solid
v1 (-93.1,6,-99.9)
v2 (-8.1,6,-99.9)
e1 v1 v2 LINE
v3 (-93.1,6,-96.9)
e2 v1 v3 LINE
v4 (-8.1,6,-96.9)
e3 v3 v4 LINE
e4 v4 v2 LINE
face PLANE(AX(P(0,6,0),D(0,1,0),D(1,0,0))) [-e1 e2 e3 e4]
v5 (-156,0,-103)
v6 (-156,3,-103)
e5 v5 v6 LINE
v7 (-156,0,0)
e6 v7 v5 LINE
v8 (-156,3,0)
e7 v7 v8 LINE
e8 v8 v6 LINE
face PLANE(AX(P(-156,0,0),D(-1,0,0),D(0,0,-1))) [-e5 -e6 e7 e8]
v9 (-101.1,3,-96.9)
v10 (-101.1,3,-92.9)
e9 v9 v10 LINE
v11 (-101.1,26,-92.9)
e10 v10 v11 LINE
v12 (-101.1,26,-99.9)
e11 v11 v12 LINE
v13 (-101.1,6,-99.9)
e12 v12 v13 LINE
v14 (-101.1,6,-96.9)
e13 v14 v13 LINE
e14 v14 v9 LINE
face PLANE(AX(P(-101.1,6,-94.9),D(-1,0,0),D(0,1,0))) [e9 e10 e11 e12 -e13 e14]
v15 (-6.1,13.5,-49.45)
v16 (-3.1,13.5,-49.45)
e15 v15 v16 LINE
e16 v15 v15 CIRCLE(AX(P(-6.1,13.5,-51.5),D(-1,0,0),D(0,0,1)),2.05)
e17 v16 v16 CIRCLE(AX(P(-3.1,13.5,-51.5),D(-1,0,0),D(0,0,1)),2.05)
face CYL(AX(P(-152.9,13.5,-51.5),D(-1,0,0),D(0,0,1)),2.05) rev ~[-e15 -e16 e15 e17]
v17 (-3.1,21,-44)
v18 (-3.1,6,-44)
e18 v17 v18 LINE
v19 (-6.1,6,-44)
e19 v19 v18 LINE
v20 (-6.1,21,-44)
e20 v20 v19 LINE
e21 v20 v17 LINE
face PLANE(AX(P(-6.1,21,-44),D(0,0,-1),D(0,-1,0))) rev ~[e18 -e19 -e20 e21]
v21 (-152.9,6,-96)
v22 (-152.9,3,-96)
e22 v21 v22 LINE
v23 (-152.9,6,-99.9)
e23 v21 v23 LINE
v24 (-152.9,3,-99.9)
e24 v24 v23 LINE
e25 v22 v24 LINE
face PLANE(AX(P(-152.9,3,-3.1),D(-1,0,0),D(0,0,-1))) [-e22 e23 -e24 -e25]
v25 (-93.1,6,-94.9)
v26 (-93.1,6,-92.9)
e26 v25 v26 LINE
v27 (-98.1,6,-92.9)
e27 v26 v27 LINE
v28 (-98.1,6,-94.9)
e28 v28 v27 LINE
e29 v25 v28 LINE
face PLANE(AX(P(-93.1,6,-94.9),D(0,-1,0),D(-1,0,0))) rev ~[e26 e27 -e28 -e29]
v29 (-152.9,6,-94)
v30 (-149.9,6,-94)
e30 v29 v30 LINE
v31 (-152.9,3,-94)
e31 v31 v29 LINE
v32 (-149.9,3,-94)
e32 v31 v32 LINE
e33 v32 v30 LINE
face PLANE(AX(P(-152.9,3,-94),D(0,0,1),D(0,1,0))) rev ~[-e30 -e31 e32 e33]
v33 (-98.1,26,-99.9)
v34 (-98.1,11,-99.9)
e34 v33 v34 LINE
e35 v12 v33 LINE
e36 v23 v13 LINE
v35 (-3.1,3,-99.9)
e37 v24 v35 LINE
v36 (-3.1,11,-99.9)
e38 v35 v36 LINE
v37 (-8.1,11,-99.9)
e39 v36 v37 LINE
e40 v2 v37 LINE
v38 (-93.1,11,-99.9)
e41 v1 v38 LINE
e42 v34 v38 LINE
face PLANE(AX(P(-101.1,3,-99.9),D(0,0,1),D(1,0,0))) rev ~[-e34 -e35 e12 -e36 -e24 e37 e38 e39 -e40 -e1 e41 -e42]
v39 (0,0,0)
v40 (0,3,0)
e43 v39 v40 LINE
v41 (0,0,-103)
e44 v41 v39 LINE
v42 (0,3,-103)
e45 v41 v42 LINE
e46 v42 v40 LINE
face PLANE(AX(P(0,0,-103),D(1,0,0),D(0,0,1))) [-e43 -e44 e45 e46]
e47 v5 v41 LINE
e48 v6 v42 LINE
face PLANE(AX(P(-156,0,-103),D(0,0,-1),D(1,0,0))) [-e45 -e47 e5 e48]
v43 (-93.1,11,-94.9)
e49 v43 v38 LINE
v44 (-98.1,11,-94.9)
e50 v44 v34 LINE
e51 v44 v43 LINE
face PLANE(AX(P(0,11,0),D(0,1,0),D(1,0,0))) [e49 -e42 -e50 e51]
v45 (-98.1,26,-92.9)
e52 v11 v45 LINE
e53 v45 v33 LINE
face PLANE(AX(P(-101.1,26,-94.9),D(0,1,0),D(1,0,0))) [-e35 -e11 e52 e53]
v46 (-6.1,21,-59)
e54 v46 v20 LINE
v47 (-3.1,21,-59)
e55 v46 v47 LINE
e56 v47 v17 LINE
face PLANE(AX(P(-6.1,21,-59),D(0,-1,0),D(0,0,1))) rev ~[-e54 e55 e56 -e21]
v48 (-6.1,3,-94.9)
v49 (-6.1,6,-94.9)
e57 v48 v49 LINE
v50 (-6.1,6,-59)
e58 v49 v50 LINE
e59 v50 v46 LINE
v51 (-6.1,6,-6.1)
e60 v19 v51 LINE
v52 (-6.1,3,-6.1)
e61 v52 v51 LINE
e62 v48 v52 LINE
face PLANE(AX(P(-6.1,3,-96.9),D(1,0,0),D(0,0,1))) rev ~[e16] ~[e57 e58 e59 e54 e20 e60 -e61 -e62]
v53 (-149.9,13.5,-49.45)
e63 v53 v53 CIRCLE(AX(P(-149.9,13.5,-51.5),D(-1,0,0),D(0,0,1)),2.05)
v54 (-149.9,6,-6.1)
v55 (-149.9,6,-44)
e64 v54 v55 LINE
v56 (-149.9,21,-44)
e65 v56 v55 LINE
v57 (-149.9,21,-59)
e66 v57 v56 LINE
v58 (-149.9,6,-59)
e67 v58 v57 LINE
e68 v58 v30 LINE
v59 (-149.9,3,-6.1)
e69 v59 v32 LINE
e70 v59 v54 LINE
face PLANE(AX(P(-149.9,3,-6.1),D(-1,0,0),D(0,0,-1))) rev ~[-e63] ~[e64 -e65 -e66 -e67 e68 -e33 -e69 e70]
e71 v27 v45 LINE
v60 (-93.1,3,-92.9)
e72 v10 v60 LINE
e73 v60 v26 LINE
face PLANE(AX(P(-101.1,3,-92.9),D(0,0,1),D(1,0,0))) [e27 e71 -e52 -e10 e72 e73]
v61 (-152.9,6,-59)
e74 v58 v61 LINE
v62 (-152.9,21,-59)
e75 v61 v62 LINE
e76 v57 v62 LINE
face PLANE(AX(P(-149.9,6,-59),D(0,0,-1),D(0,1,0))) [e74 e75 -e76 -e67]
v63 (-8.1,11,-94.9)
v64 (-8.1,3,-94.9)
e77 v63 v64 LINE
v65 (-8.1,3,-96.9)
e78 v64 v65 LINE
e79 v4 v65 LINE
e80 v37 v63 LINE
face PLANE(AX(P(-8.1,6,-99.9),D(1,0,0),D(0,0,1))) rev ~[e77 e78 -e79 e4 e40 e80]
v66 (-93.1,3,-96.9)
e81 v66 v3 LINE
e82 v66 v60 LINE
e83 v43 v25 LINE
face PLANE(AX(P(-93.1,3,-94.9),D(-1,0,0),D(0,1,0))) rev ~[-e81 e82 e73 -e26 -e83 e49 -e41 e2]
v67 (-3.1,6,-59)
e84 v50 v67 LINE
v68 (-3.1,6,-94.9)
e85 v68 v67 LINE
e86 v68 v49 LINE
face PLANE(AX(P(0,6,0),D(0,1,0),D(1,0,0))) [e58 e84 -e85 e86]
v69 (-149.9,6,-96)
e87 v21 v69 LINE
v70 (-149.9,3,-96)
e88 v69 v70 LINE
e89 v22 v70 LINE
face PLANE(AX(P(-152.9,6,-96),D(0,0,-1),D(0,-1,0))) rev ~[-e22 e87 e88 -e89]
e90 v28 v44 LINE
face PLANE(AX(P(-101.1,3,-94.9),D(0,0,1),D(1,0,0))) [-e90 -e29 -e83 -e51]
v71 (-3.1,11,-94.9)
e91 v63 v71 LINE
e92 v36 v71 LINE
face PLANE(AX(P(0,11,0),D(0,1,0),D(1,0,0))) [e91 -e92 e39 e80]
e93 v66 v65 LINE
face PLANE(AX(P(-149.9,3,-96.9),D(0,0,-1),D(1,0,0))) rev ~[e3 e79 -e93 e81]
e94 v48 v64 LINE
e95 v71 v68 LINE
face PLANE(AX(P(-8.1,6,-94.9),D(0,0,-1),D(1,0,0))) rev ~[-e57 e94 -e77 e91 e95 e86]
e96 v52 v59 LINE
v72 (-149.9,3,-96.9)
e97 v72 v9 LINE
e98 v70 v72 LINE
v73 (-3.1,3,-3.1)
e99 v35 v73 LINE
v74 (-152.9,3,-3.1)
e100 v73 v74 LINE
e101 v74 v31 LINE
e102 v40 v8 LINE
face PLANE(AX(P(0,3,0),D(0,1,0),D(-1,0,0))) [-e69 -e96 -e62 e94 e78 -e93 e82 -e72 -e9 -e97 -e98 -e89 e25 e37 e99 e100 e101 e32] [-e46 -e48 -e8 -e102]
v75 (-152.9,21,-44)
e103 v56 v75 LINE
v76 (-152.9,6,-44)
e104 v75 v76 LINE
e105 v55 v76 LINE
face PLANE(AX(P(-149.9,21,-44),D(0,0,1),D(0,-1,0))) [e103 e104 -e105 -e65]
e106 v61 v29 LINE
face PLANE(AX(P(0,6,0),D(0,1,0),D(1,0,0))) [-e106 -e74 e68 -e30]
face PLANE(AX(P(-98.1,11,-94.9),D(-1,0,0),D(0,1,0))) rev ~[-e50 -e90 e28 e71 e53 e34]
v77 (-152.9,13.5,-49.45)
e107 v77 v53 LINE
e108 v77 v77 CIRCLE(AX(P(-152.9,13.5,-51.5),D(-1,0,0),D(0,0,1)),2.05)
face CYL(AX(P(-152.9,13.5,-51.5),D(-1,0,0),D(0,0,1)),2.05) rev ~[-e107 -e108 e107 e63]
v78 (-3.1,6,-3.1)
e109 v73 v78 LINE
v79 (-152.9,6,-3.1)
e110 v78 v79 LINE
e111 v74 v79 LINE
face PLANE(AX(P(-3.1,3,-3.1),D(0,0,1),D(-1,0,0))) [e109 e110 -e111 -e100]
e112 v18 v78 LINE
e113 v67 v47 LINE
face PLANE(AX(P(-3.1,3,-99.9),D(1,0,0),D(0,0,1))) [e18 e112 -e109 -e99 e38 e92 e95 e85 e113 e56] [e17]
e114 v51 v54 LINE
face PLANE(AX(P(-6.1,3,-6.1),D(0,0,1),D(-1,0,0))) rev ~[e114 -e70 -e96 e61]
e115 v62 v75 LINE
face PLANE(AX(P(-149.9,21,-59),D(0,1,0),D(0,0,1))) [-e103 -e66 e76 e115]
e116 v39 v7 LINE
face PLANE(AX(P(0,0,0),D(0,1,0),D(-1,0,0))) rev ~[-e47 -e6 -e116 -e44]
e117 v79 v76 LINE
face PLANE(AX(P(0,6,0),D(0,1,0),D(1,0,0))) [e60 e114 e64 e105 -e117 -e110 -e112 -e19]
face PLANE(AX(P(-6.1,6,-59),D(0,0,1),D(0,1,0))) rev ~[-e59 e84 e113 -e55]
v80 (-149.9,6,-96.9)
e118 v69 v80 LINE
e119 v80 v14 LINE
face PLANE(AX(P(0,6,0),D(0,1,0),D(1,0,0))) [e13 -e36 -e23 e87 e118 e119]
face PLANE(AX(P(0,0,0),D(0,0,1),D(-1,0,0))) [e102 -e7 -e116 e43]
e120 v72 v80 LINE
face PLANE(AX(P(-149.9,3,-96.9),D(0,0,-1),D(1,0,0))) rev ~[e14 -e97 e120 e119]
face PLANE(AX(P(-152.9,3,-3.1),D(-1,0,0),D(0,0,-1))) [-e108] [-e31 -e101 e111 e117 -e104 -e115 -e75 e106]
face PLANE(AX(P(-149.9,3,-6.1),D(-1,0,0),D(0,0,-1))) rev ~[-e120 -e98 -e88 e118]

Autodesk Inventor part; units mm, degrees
ref_plane "YZ Plane" through (0, 0, 0) normal (1, 0, 0) x (0, 1, 0)
sketch "Esboço6" plane through (0, 0, 0) normal (0, 1, 0) x (-1, 0, 0)
  line L0 (0, 0) -> (156, 0)
  line L1 (156, 0) -> (156, -103)
  line L2 (156, -103) -> (0, -103)
  line L3 (0, -103) -> (0, 0)
  dimension "d22" = 156
  dimension "d23" = 103
extrude "Extrusão4" add sketch "Esboço6" along normal blind 3
sketch "Esboço7" plane through (0, 3, 0) normal (0, 1, 0) x (1, 0, 0)
  line L0 (-152.9, 99.9) -> (-3.1, 99.9)
  line L1 (-3.1, 99.9) -> (-3.1, 3.1)
  line L2 (-3.1, 3.1) -> (-152.9, 3.1)
  line L3 (-152.9, 3.1) -> (-152.9, 99.9)
  line L4 (0, 0) -> (0, 103) projected
  line L5 (0, 103) -> (-156, 103) projected
  line L6 (-156, 103) -> (-156, 0) projected
  line L7 (-156, 0) -> (0, 0) projected
  line L8 (-149.9, 96.9) -> (-6.1, 96.9)
  line L9 (-6.1, 96.9) -> (-6.1, 6.1)
  line L10 (-6.1, 6.1) -> (-149.9, 6.1)
  line L11 (-149.9, 6.1) -> (-149.9, 96.9)
  dimension "d26" = 3.1
  dimension "d27" = 3.1
  dimension "d28" = 3.1
  dimension "d29" = 3.1
  dimension "d30" = 3
  dimension "d31" = 3
  dimension "d32" = 3
  dimension "d33" = 3
extrude "Extrusão5" add sketch "Esboço7" along normal blind 3 contours L0 L1 L2 L3
sketch "Esboço10" plane through (0, 6, 0) normal (0, 1, 0) x (1, 0, 0)
  line L0 (-3.1, 99.9) -> (-3.1, 3.1) projected
  line L1 (-3.1, 99.9) -> (-8.1, 99.9)
  line L2 (-8.1, 99.9) -> (-8.1, 94.9)
  line L3 (-8.1, 94.9) -> (-3.1, 94.9)
  line L4 (-3.1, 94.9) -> (-3.1, 99.9)
  line L5 (-152.9, 99.9) -> (-3.1, 99.9) projected
  line L6 (-93.1, 99.9) -> (-101.1, 99.9)
  line L7 (-101.1, 99.9) -> (-101.1, 94.9)
  line L8 (-101.1, 94.9) -> (-93.1, 94.9)
  line L9 (-93.1, 94.9) -> (-93.1, 99.9)
  point P0 (0, 0)
  dimension "d36" = 5
  dimension "d37" = 5
  dimension "d38" = 85
  dimension "d39" = 8
  dimension "d40" = 5
extrude "Extrusão6" add sketch "Esboço10" along normal blind 5 and the other way blind 6
sketch "Esboço13" plane through (-101.1, 3, -94.9) normal (0, 0, 1) x (1, 0, 0)
  line L0 (93, 3) -> (8, 3) projected
  line L1 (8, 3) -> (0, 3)
  line L2 (0, 3) -> (0, 23)
  line L3 (0, 23) -> (3, 23)
  line L4 (3, 23) -> (3, 8)
  line L5 (8, 8) -> (0, 8) projected
  line L6 (3, 8) -> (8, 8)
  line L7 (8, 8) -> (8, 3)
  point P0 (101.1, -3)
  dimension "d45" = 8
  dimension "d46" = 20
  dimension "d47" = 3
extrude "Extrusão7" add sketch "Esboço13" against normal blind 5 contours L2 L3 L4 L5
sketch "Esboço14" plane through (-101.1, 3, -94.9) normal (0, 0, 1) x (1, 0, 0)
  line L0 (0, 3) -> (0, 23) projected
  line L1 (0, 23) -> (3, 23) projected
  line L2 (0, 23) -> (3, 23)
  line L3 (-54.9, -3) -> (101.1, -3) projected
  line L4 (0, 0) -> (0, 23)
  line L5 (0, 0) -> (8, 0)
  line L6 (-51.8, 0) -> (98, 0) projected
  line L7 (8, 0) -> (8, 3)
  line L8 (93, 3) -> (8, 3) projected
  line L9 (8, 3) -> (3, 3)
  line L10 (3, 3) -> (3, 23)
  line L11 (3, 23) -> (3, 8) projected
  line L12 (8, 8) -> (3, 8) projected
  dimension "d53" = 8
  dimension "d54" = 5
  dimension "d55" = 5
extrude "Extrusão8" add sketch "Esboço14" along normal blind 2
ref_plane "Plano de trabalho1" through (-6.1, 6, -50.5) normal (-1, 0, 0) x (0, 0, 1)
ref_plane "Plano de trabalho2" through (-149.9, 6, -51.5) normal (1, 0, 0) x (0, 0, -1)
sketch "Esboço18" plane through (-6.1, 6, -50.5) normal (-1, 0, 0) x (0, 0, 1)
  line L0 (6.5, 0) -> (-8.5, 0)
  line L1 (-8.5, 0) -> (-8.5, 15)
  line L2 (-8.5, 15) -> (6.5, 15)
  line L3 (6.5, 15) -> (6.5, 0)
  line L4 (-49.4, 0) -> (47.4, 0) projected
  line L5 (47.4, -3) -> (47.4, 0) projected
  dimension "d67" = 15
  dimension "d68" = 15
  dimension "d71" = 40.9
extrude "Extrusão9" add sketch "Esboço18" against normal blind 3
sketch "Esboço19" plane through (-149.9, 6, -51.5) normal (1, 0, 0) x (0, 0, -1)
  line L0 (-7.5, 0) -> (7.5, 0)
  line L1 (7.5, 0) -> (7.5, 15)
  line L2 (7.5, 15) -> (-7.5, 15)
  line L3 (-7.5, 15) -> (-7.5, 0)
  line L4 (48.4, -3) -> (48.4, 0) projected
  line L5 (48.4, 0) -> (-48.4, 0) projected
  point P0 (-51.5, -6)
  dimension "d72" = 15
  dimension "d73" = 15
  dimension "d74" = 40.9
extrude "Extrusão10" add sketch "Esboço19" against normal blind 3
sketch "Esboço21" plane through (-152.9, 3, -99.9) normal (-1, 0, 0) x (0, 0, 1)
  circle A0 centre (48.4, 10.5) radius 2.05
  line L0 (55.9, 3) -> (55.9, 18) projected
  line L1 (55.9, 18) -> (40.9, 18) projected
  dimension "d87" = 7.5
  dimension "d88" = 7.5
  dimension "d89" = 4.1
extrude "Extrusão13" cut sketch "Esboço21" against normal through all
sketch "Esboço22" plane through (-152.9, 3, -99.9) normal (-1, 0, 0) x (0, 0, 1)
  line L0 (5, 3) -> (40.9, 3) projected
  line L1 (99.9, 0) -> (-3.1, 0) projected
  line L2 (5.9, 3) -> (3.9, 3)
  line L3 (3.9, 3) -> (3.9, 0)
  line L4 (3.9, 0) -> (5.9, 0)
  line L5 (5.9, 0) -> (5.9, 3)
  line L6 (-3.1, -3) -> (-3.1, 0) projected
  dimension "d92" = 2
  dimension "d93" = 7
extrude "Extrusão14" cut sketch "Esboço22" against normal blind 10
properties part number "Encaixe"
